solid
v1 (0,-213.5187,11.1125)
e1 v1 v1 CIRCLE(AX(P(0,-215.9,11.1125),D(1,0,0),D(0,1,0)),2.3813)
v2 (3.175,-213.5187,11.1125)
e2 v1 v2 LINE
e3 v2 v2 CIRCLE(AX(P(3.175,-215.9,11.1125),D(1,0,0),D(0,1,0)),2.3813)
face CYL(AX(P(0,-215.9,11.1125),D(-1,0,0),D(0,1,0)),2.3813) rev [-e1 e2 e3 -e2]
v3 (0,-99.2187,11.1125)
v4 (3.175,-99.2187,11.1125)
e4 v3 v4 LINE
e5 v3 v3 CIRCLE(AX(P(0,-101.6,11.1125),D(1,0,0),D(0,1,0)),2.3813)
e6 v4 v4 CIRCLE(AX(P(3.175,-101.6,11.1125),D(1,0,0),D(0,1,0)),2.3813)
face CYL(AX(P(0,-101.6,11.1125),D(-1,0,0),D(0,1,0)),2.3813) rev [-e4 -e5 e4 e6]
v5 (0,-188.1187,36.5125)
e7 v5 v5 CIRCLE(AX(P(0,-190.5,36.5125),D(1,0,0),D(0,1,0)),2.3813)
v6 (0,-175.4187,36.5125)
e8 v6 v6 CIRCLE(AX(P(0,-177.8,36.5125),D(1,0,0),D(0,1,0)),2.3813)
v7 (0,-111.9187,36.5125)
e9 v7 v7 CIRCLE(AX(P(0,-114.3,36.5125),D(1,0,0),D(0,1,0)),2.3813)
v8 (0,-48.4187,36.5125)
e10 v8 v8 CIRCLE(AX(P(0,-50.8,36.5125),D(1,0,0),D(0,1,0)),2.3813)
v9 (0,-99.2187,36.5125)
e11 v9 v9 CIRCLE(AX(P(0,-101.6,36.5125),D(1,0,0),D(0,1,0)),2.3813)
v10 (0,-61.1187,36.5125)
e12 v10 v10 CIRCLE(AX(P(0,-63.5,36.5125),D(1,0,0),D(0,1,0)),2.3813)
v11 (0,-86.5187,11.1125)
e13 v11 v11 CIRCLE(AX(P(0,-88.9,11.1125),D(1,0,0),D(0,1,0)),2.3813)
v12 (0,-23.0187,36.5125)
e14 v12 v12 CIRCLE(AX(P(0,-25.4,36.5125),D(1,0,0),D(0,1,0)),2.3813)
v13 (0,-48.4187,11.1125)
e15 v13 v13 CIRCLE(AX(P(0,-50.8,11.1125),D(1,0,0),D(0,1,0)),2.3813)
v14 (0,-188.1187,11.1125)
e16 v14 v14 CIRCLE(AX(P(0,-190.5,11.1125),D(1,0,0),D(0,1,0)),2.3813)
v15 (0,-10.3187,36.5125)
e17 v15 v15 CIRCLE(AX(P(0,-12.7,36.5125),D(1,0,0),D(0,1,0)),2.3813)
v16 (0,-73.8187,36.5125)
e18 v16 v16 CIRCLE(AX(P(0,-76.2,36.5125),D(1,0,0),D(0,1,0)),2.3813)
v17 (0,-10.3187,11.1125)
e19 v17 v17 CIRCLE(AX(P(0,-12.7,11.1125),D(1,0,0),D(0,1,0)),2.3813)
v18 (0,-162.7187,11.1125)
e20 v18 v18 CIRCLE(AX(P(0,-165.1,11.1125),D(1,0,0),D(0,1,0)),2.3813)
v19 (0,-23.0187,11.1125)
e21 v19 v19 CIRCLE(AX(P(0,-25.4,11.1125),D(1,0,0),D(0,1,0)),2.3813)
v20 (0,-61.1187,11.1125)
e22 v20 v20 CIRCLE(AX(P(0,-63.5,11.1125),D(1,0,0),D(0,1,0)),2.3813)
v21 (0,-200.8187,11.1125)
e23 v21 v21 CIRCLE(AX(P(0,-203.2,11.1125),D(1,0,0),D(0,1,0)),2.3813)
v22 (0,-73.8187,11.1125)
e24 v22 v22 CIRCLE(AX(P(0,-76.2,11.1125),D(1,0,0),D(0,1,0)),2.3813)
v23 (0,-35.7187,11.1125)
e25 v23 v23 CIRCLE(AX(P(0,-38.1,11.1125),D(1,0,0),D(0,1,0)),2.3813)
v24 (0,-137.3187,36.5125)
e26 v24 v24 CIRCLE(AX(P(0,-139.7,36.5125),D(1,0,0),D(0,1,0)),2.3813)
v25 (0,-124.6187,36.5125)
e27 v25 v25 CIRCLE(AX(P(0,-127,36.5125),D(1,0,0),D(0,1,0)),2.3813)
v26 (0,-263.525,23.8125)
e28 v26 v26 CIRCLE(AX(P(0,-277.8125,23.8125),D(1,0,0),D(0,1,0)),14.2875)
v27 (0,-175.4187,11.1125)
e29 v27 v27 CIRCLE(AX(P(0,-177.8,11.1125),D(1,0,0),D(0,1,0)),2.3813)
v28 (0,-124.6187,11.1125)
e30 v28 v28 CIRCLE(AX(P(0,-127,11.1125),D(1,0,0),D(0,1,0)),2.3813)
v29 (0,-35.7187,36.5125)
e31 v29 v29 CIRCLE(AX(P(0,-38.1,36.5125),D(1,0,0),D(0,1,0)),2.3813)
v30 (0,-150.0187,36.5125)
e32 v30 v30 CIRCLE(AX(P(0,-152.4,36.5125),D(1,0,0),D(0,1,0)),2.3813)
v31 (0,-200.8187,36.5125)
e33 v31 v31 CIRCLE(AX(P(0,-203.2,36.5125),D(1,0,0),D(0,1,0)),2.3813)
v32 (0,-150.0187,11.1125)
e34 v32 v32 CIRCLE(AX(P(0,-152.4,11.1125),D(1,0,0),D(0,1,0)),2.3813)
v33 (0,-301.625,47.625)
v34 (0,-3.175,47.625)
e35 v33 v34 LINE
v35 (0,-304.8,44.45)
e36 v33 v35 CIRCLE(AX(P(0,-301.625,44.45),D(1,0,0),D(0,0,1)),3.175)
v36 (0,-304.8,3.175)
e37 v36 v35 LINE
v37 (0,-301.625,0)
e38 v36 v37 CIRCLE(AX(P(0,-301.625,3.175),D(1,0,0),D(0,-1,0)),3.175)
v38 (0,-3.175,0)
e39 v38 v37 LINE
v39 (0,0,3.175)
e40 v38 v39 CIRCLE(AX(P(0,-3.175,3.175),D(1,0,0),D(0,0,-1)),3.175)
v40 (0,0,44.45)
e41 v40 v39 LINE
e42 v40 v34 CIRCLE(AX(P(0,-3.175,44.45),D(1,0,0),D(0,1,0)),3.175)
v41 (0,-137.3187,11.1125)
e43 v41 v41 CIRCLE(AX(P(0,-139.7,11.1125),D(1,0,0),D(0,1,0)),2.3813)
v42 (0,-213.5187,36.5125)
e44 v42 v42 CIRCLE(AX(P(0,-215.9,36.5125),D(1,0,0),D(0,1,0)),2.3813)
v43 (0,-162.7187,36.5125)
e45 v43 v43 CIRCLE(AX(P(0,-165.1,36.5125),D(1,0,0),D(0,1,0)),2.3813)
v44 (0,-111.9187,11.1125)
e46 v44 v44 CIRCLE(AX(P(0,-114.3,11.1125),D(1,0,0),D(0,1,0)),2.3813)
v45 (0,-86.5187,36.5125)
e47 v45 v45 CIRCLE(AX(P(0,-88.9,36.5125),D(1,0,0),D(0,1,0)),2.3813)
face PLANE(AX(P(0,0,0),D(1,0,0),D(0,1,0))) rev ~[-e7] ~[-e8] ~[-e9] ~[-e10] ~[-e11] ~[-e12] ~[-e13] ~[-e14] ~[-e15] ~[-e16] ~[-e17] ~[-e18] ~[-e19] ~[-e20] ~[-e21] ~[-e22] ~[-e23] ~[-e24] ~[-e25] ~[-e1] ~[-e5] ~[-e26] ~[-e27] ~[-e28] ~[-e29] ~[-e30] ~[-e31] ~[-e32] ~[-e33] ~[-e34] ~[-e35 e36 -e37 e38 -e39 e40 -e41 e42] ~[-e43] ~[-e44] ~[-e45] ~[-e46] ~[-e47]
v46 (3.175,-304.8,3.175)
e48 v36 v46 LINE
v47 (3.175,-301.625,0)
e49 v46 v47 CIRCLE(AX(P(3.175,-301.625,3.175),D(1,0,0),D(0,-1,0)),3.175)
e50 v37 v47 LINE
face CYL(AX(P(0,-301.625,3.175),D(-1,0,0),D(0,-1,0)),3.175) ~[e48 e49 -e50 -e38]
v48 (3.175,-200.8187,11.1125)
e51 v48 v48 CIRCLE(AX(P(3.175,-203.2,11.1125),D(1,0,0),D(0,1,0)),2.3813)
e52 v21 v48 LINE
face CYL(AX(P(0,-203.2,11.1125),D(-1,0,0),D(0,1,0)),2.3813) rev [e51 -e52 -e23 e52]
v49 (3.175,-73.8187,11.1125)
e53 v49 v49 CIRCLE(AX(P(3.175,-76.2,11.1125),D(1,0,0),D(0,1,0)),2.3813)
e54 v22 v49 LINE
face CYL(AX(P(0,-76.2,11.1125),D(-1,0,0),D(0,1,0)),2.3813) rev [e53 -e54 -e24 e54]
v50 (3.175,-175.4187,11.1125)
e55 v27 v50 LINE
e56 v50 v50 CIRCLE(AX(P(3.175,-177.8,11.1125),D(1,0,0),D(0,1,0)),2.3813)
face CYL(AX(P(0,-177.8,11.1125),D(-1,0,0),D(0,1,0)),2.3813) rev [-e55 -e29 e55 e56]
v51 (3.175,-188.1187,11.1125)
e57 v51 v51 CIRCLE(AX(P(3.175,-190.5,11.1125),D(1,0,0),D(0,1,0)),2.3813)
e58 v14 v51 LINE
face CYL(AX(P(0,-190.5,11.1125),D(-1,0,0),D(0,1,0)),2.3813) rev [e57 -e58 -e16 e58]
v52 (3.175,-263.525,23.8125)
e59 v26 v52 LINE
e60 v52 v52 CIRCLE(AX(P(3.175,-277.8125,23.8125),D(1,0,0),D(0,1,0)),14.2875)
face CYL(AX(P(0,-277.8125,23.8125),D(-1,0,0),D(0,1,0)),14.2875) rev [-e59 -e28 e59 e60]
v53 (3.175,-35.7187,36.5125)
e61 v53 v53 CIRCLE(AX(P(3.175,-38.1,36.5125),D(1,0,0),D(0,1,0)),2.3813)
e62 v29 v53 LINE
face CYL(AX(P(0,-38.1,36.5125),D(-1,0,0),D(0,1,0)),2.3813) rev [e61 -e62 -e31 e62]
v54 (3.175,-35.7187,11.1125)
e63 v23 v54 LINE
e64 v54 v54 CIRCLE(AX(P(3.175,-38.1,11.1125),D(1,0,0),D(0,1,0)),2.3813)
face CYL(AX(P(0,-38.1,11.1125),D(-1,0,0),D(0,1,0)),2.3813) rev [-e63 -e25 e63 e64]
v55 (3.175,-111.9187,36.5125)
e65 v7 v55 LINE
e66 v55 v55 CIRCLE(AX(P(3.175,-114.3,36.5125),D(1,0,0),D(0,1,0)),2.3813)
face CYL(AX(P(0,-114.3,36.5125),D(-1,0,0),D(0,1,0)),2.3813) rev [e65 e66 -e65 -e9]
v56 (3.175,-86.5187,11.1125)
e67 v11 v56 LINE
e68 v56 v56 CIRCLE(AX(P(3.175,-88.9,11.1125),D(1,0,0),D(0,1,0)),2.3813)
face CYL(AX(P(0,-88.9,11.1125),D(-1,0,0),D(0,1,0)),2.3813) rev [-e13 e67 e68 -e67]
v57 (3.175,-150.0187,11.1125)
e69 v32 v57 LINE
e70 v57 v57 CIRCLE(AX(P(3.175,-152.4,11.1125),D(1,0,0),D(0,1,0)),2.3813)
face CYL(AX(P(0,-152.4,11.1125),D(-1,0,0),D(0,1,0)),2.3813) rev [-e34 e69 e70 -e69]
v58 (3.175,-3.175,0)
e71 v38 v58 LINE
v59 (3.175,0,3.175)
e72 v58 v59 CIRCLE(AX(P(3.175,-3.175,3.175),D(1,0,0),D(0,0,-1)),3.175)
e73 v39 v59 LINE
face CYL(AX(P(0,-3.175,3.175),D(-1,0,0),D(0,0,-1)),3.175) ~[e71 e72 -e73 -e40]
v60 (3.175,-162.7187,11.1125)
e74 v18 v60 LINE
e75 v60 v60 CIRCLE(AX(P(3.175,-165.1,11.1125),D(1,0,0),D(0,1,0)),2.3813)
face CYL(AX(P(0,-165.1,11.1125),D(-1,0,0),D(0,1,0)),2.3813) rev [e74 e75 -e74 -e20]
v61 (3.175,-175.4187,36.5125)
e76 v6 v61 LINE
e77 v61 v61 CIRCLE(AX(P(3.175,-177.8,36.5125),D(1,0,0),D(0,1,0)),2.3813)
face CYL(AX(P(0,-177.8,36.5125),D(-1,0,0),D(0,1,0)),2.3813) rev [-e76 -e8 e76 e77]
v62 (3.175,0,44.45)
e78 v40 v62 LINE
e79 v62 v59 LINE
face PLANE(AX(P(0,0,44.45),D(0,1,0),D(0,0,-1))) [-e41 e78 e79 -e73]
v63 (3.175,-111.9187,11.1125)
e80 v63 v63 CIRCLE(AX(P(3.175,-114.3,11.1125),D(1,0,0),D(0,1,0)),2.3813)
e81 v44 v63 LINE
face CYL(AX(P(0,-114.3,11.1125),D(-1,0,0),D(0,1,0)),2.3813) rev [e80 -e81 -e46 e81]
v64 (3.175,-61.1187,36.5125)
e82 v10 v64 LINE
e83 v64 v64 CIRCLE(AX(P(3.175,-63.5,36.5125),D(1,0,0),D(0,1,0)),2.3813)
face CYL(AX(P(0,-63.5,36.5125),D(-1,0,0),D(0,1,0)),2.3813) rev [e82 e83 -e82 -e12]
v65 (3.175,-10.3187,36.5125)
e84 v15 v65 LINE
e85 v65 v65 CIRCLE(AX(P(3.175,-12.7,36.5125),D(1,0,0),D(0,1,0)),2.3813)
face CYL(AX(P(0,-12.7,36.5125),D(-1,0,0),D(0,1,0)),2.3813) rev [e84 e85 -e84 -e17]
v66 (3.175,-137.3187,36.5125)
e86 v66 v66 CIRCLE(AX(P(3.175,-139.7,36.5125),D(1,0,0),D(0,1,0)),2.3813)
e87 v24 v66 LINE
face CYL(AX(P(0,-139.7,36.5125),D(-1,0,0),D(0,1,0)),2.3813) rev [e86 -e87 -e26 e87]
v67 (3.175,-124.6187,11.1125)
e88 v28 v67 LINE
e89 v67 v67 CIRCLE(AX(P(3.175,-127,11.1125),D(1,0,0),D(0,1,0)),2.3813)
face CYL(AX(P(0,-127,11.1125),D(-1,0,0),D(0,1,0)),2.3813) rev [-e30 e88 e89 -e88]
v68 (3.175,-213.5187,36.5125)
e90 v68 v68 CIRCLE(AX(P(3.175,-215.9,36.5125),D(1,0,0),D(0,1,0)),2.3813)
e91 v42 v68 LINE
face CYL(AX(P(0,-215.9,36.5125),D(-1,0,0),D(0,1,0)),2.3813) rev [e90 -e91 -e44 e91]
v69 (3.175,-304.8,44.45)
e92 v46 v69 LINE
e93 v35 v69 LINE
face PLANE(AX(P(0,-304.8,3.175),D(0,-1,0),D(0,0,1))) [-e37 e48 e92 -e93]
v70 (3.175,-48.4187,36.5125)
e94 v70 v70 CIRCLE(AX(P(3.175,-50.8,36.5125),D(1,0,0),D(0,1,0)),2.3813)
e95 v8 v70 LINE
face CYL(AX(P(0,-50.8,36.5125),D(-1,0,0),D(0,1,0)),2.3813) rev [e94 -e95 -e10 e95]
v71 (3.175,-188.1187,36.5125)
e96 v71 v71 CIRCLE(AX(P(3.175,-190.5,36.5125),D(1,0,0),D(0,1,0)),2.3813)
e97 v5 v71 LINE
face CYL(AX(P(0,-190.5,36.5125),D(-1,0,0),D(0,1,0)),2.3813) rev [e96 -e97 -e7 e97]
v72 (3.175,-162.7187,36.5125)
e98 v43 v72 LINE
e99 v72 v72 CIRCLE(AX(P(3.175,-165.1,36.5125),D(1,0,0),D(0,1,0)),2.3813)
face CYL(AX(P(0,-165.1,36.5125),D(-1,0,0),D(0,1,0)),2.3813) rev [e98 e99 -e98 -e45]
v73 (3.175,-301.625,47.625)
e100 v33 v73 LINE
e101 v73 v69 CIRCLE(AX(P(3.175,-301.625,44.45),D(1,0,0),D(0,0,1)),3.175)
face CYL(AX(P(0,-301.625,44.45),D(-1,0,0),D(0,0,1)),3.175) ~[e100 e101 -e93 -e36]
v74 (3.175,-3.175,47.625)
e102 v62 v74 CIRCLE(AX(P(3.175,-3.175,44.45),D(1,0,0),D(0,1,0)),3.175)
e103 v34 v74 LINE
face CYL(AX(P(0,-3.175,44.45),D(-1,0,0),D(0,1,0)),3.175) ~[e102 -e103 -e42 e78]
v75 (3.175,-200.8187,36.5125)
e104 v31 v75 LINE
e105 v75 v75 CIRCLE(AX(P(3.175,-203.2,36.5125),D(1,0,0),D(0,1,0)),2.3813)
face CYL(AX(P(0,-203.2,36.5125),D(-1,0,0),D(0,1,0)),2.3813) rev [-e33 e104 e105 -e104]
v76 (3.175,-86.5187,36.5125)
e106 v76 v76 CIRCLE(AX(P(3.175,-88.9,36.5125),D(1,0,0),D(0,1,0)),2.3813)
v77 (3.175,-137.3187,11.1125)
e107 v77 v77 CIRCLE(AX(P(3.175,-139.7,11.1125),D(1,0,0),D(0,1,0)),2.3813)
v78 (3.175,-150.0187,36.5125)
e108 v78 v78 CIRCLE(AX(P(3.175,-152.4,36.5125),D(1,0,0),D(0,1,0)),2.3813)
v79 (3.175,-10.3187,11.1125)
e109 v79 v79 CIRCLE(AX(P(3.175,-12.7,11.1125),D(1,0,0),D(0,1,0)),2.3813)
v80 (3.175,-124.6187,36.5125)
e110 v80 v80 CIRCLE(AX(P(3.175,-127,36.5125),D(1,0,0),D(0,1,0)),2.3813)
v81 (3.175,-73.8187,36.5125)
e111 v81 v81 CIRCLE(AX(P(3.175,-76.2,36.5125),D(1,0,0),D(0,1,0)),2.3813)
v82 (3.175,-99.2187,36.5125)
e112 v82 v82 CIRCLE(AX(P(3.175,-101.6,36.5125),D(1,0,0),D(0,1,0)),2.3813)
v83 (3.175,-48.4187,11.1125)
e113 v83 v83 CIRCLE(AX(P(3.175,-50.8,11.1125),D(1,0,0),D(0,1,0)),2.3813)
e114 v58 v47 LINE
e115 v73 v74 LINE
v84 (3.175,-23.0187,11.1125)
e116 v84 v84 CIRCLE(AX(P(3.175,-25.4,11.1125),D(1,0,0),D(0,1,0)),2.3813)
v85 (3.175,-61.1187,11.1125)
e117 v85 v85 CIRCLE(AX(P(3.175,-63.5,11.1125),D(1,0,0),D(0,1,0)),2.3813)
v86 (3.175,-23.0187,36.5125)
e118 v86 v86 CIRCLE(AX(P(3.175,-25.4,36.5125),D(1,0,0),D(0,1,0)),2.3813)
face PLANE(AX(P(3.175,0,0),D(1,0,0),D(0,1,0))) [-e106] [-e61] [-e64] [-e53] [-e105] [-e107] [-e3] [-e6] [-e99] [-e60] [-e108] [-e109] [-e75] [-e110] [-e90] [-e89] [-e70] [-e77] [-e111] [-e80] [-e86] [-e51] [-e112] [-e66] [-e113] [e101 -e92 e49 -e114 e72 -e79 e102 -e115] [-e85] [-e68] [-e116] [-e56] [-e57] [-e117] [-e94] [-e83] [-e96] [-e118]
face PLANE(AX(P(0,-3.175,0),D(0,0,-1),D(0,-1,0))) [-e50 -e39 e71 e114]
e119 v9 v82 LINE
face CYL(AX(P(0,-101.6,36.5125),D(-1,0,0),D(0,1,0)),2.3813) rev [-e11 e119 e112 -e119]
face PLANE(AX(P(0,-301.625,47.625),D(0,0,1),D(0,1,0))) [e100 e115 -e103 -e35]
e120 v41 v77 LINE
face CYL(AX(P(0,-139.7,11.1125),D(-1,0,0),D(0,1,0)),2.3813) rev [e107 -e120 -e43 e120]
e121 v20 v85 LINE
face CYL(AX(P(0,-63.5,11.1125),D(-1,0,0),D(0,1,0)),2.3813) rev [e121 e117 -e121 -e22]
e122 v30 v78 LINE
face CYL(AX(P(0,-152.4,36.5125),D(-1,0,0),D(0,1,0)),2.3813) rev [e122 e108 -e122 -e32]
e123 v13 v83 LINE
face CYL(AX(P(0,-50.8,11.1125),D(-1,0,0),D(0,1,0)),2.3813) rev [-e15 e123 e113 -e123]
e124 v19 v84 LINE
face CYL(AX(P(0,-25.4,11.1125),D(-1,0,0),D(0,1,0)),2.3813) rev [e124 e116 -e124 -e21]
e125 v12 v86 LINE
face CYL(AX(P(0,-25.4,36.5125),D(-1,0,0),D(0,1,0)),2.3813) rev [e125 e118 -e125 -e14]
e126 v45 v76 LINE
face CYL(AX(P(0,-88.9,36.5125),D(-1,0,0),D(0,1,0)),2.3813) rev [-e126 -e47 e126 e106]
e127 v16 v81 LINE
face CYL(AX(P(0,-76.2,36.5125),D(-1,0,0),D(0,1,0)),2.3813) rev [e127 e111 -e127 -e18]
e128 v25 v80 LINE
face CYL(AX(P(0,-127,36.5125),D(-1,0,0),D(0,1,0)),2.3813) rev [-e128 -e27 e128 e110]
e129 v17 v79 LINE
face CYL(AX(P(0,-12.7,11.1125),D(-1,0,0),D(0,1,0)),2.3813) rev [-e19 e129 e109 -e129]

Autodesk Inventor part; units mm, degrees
ref_plane "YZ Plane" through (0, 0, 0) normal (1, 0, 0) x (0, 1, 0)
ref_plane "XZ Plane" through (0, 0, 0) normal (0, 1, 0) x (-1, 0, 0)
ref_plane "XY Plane" through (0, 0, 0) normal (0, 0, 1) x (1, 0, 0)
sketch "Sketch1" plane through (0, 0, 0) normal (1, 0, 0) x (0, 1, 0)
  line L0 (-3.175, 0) -> (-301.625, 0)
  line L1 (-304.8, 3.175) -> (-304.8, 44.45)
  line L2 (-301.625, 47.625) -> (-3.175, 47.625)
  line L3 (0, 44.45) -> (0, 3.175)
  circle A0 centre (-277.8125, 23.8125) radius 14.2875
  arc A1 (0, 44.45) -> (-3.175, 47.625) centre (-3.175, 44.45) ccw
  arc A2 (-3.175, 0) -> (0, 3.175) centre (-3.175, 3.175) ccw
  arc A3 (-304.8, 3.175) -> (-301.625, 0) centre (-301.625, 3.175) ccw
  arc A4 (-301.625, 47.625) -> (-304.8, 44.45) centre (-301.625, 44.45) ccw
  circle A5 centre (-12.7, 36.5125) radius 2.3813
  circle A6 centre (-25.4, 36.5125) radius 2.3813
  circle A7 centre (-38.1, 36.5125) radius 2.3813
  circle A8 centre (-12.7, 11.1125) radius 2.3813
  circle A9 centre (-25.4, 11.1125) radius 2.3813
  circle A10 centre (-38.1, 11.1125) radius 2.3813
  circle A11 centre (-50.8, 36.5125) radius 2.3813
  circle A12 centre (-50.8, 11.1125) radius 2.3813
  circle A13 centre (-63.5, 36.5125) radius 2.3813
  circle A14 centre (-63.5, 11.1125) radius 2.3813
  circle A15 centre (-76.2, 36.5125) radius 2.3813
  circle A16 centre (-76.2, 11.1125) radius 2.3813
  circle A17 centre (-88.9, 36.5125) radius 2.3813
  circle A18 centre (-88.9, 11.1125) radius 2.3813
  circle A19 centre (-101.6, 36.5125) radius 2.3813
  circle A20 centre (-101.6, 11.1125) radius 2.3813
  circle A21 centre (-114.3, 36.5125) radius 2.3813
  circle A22 centre (-114.3, 11.1125) radius 2.3813
  circle A23 centre (-127, 36.5125) radius 2.3813
  circle A24 centre (-127, 11.1125) radius 2.3813
  circle A25 centre (-139.7, 36.5125) radius 2.3813
  circle A26 centre (-139.7, 11.1125) radius 2.3813
  circle A27 centre (-152.4, 36.5125) radius 2.3813
  circle A28 centre (-152.4, 11.1125) radius 2.3813
  circle A29 centre (-165.1, 36.5125) radius 2.3813
  circle A30 centre (-165.1, 11.1125) radius 2.3813
  circle A31 centre (-177.8, 36.5125) radius 2.3813
  circle A32 centre (-177.8, 11.1125) radius 2.3813
  circle A33 centre (-190.5, 36.5125) radius 2.3813
  circle A34 centre (-190.5, 11.1125) radius 2.3813
  circle A35 centre (-203.2, 36.5125) radius 2.3813
  circle A36 centre (-203.2, 11.1125) radius 2.3813
  circle A37 centre (-215.9, 36.5125) radius 2.3813
  circle A38 centre (-215.9, 11.1125) radius 2.3813
  point P0 (0, 0)
  point P1 (-304.8, 47.625)
  point P2 (-304.8, 0)
  point P3 (0, 47.625)
  dimension "d0" = 304.8
  dimension "d1" = 47.625
  dimension "d4" = 26.9875
  dimension "d5" = 28.575
  dimension "d6" = 3.175
  dimension "d9" = 23.8125
  dimension "d18" = 11.1125
  dimension "d19" = 4.7625
  dimension "d20" = 12.7
  dimension "d23" = 12.7
  dimension "d26" = 25.4
extrude "Extrusion1" add sketch "Sketch1" along normal blind 3.175
equation "\"d9\" = 0.5 * d1"
equation "\"d18\" = -0.5 * d15 + 0.5 * d1"
equation "\"d15\" = 25.4"
properties part number "Drop for pivot intake"
